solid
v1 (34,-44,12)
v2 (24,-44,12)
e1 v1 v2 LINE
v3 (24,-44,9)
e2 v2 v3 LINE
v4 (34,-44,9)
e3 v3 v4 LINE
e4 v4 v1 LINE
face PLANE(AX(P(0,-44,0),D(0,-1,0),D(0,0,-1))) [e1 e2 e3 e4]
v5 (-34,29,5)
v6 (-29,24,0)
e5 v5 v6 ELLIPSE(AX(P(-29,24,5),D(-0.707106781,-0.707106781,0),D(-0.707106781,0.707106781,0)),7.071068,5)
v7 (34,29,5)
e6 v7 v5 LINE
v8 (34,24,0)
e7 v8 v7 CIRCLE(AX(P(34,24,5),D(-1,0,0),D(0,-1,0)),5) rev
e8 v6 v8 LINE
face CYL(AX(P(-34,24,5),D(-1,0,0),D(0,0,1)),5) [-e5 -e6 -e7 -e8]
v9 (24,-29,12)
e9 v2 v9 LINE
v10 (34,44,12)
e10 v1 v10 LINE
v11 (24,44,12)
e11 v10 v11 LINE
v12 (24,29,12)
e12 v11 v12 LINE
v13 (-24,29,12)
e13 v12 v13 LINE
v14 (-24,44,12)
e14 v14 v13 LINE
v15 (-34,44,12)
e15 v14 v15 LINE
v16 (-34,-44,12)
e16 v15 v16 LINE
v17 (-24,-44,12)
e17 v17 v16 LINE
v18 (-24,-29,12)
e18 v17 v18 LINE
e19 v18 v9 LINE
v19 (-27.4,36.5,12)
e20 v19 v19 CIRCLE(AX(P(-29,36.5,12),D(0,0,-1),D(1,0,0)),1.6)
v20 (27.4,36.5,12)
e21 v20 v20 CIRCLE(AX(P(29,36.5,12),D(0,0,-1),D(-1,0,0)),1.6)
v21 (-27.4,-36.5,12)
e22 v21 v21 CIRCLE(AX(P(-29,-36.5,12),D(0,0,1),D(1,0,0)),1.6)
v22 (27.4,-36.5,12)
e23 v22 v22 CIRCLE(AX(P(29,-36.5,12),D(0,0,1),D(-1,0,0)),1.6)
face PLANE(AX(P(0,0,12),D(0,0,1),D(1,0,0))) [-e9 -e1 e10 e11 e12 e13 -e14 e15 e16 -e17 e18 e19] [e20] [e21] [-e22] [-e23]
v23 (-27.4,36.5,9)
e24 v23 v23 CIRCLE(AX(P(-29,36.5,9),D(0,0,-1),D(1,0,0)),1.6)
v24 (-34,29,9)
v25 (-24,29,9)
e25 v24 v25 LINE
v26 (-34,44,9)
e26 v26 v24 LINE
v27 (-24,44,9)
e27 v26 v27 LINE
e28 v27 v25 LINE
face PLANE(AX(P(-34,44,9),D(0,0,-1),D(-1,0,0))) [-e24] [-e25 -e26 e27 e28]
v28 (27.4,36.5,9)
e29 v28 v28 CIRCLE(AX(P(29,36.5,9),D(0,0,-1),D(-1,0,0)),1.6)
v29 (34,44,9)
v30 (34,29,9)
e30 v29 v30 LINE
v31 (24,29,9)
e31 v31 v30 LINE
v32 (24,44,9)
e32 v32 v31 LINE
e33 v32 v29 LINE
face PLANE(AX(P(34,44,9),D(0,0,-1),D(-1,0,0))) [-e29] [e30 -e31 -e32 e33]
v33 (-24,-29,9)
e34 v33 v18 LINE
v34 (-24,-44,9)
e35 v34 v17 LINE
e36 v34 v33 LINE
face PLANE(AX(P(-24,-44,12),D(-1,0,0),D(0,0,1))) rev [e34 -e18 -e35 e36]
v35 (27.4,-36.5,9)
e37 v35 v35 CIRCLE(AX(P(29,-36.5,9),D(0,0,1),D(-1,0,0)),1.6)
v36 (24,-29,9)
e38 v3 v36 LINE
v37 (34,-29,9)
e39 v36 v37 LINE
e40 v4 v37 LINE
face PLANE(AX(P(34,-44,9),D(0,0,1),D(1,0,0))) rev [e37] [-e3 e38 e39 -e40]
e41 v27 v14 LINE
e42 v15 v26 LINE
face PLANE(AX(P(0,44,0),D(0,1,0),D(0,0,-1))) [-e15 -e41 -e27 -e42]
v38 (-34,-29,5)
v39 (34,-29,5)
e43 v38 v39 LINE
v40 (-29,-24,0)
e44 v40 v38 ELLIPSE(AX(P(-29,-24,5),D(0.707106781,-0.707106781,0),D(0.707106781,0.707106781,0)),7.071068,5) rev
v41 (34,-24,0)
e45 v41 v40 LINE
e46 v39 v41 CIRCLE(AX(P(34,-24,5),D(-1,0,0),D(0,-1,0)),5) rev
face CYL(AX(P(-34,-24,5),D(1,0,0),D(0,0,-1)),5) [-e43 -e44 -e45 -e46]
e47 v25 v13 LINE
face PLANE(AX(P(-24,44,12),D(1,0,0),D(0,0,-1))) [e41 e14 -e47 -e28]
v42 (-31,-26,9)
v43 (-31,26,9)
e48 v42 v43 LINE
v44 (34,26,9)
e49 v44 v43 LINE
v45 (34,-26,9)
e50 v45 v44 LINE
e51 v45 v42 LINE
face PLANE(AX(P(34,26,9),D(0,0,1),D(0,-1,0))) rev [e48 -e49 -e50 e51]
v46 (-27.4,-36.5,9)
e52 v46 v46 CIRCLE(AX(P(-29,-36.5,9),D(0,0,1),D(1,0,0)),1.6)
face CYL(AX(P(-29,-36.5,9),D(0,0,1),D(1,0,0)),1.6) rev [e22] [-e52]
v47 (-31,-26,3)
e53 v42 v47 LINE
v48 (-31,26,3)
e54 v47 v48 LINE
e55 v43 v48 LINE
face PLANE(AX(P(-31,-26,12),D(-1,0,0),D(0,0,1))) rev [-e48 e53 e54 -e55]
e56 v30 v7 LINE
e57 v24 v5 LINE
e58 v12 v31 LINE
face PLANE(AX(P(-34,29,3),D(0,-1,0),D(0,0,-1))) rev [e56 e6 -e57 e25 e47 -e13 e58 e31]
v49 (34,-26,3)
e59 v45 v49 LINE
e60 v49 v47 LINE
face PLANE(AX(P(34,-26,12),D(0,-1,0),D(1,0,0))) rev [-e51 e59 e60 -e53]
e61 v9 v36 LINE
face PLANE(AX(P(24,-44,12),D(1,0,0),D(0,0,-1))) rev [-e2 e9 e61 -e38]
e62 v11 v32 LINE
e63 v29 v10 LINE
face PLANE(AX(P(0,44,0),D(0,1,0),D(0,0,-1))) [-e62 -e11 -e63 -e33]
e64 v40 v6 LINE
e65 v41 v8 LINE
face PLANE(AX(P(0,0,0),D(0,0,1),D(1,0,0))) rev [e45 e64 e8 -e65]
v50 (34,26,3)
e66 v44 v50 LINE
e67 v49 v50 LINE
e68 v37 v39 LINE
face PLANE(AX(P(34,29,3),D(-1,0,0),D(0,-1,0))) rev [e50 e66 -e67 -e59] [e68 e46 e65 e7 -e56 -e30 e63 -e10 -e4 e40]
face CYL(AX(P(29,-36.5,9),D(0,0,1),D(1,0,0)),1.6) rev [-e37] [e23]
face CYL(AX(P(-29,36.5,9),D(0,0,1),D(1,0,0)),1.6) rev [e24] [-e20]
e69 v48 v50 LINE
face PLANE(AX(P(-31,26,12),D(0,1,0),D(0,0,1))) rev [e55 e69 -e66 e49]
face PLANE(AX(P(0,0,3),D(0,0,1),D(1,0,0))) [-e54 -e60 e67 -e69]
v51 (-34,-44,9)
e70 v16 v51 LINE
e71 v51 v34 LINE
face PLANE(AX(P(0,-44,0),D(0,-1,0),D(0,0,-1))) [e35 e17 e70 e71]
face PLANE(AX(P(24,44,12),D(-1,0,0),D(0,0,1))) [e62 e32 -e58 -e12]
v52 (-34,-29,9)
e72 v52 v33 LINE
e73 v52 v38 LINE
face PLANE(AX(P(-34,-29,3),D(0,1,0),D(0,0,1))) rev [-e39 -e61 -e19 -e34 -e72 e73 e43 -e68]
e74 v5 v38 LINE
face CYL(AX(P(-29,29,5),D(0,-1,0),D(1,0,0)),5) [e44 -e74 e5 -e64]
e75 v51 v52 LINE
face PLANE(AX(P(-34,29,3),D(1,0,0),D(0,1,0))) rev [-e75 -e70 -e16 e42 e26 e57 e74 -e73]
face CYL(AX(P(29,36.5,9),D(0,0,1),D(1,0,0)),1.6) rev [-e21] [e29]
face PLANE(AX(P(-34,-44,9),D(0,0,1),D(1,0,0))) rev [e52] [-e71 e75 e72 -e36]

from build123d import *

# Parameters (mm, degrees)
ESQUISSE1_W             = 68
ESQUISSE1_H             = 58
BOSS_EXTRU_1_DEPTH      = 3
BOSS_EXTRU_2_DEPTH      = 9
ESQUISSE4_W             = 3
ESQUISSE4_H             = 52
BOSS_EXTRU_3_DEPTH      = 65
ESQUISSE6_W             = 10
ESQUISSE6_H             = 3
BOSS_EXTRU_4_DEPTH      = 15
ESQUISSE7_R             = 1.6
ENL_V_MAT_EXTRU_1_DEPTH = 3
CONG_1_R                = 5


with BuildPart() as part:
    # Esquisse1 → Boss.-Extru.1 (new body)
    with BuildSketch(Plane.XY):
        Rectangle(ESQUISSE1_W, ESQUISSE1_H)
    extrude(amount=BOSS_EXTRU_1_DEPTH)

    # Esquisse2 → Boss.-Extru.2 (add)
    with BuildSketch(Plane.XY.offset(3)):
        Polygon((34, 26), (34, 29), (-34, 29), (-34, -29), (34, -29), (34, -26), (-31, -26), (-31, 26), align=None)
    extrude(amount=BOSS_EXTRU_2_DEPTH)

    # Esquisse4 → Boss.-Extru.3 (add)
    with BuildSketch(Plane(origin=(-31, 0, 0), x_dir=(0, 0, -1), z_dir=(1, 0, 0))):
        with Locations((-10.5, 0)):
            Rectangle(ESQUISSE4_W, ESQUISSE4_H)
    extrude(amount=BOSS_EXTRU_3_DEPTH)

    # Esquisse6 → Boss.-Extru.4 (add)
    with BuildSketch(Plane.XZ.offset(29)):
        with Locations((-29, 10.5)):
            Rectangle(ESQUISSE6_W, ESQUISSE6_H)
        with Locations((29, 10.5)):
            Rectangle(ESQUISSE6_W, ESQUISSE6_H)
    boss_extru_4 = extrude(amount=BOSS_EXTRU_4_DEPTH)

    # Esquisse7 → Enlèv. mat.-Extru.1 (cut)
    with BuildSketch(Plane.XY.offset(12)):
        with Locations((-29, -36.5)):
            Circle(ESQUISSE7_R)
        with Locations((29, -36.5)):
            Circle(ESQUISSE7_R)
    enl_v_mat_extru_1 = extrude(amount=-ENL_V_MAT_EXTRU_1_DEPTH, mode=Mode.SUBTRACT)

    # Symétrie1: Boss.-Extru.4, Enlèv. mat.-Extru.1 across plane
    add(boss_extru_4.mirror(Plane.ZX))
    add(enl_v_mat_extru_1.mirror(Plane.ZX), mode=Mode.SUBTRACT)

    # Congé1
    cong_1_edges = [part.edges().sort_by_distance(p)[0] for p in [
        (0, -29, 0),
        (-34, 0, 0),
        (0, 29, 0),
    ]]
    fillet(cong_1_edges, radius=CONG_1_R)


solid = part.part
